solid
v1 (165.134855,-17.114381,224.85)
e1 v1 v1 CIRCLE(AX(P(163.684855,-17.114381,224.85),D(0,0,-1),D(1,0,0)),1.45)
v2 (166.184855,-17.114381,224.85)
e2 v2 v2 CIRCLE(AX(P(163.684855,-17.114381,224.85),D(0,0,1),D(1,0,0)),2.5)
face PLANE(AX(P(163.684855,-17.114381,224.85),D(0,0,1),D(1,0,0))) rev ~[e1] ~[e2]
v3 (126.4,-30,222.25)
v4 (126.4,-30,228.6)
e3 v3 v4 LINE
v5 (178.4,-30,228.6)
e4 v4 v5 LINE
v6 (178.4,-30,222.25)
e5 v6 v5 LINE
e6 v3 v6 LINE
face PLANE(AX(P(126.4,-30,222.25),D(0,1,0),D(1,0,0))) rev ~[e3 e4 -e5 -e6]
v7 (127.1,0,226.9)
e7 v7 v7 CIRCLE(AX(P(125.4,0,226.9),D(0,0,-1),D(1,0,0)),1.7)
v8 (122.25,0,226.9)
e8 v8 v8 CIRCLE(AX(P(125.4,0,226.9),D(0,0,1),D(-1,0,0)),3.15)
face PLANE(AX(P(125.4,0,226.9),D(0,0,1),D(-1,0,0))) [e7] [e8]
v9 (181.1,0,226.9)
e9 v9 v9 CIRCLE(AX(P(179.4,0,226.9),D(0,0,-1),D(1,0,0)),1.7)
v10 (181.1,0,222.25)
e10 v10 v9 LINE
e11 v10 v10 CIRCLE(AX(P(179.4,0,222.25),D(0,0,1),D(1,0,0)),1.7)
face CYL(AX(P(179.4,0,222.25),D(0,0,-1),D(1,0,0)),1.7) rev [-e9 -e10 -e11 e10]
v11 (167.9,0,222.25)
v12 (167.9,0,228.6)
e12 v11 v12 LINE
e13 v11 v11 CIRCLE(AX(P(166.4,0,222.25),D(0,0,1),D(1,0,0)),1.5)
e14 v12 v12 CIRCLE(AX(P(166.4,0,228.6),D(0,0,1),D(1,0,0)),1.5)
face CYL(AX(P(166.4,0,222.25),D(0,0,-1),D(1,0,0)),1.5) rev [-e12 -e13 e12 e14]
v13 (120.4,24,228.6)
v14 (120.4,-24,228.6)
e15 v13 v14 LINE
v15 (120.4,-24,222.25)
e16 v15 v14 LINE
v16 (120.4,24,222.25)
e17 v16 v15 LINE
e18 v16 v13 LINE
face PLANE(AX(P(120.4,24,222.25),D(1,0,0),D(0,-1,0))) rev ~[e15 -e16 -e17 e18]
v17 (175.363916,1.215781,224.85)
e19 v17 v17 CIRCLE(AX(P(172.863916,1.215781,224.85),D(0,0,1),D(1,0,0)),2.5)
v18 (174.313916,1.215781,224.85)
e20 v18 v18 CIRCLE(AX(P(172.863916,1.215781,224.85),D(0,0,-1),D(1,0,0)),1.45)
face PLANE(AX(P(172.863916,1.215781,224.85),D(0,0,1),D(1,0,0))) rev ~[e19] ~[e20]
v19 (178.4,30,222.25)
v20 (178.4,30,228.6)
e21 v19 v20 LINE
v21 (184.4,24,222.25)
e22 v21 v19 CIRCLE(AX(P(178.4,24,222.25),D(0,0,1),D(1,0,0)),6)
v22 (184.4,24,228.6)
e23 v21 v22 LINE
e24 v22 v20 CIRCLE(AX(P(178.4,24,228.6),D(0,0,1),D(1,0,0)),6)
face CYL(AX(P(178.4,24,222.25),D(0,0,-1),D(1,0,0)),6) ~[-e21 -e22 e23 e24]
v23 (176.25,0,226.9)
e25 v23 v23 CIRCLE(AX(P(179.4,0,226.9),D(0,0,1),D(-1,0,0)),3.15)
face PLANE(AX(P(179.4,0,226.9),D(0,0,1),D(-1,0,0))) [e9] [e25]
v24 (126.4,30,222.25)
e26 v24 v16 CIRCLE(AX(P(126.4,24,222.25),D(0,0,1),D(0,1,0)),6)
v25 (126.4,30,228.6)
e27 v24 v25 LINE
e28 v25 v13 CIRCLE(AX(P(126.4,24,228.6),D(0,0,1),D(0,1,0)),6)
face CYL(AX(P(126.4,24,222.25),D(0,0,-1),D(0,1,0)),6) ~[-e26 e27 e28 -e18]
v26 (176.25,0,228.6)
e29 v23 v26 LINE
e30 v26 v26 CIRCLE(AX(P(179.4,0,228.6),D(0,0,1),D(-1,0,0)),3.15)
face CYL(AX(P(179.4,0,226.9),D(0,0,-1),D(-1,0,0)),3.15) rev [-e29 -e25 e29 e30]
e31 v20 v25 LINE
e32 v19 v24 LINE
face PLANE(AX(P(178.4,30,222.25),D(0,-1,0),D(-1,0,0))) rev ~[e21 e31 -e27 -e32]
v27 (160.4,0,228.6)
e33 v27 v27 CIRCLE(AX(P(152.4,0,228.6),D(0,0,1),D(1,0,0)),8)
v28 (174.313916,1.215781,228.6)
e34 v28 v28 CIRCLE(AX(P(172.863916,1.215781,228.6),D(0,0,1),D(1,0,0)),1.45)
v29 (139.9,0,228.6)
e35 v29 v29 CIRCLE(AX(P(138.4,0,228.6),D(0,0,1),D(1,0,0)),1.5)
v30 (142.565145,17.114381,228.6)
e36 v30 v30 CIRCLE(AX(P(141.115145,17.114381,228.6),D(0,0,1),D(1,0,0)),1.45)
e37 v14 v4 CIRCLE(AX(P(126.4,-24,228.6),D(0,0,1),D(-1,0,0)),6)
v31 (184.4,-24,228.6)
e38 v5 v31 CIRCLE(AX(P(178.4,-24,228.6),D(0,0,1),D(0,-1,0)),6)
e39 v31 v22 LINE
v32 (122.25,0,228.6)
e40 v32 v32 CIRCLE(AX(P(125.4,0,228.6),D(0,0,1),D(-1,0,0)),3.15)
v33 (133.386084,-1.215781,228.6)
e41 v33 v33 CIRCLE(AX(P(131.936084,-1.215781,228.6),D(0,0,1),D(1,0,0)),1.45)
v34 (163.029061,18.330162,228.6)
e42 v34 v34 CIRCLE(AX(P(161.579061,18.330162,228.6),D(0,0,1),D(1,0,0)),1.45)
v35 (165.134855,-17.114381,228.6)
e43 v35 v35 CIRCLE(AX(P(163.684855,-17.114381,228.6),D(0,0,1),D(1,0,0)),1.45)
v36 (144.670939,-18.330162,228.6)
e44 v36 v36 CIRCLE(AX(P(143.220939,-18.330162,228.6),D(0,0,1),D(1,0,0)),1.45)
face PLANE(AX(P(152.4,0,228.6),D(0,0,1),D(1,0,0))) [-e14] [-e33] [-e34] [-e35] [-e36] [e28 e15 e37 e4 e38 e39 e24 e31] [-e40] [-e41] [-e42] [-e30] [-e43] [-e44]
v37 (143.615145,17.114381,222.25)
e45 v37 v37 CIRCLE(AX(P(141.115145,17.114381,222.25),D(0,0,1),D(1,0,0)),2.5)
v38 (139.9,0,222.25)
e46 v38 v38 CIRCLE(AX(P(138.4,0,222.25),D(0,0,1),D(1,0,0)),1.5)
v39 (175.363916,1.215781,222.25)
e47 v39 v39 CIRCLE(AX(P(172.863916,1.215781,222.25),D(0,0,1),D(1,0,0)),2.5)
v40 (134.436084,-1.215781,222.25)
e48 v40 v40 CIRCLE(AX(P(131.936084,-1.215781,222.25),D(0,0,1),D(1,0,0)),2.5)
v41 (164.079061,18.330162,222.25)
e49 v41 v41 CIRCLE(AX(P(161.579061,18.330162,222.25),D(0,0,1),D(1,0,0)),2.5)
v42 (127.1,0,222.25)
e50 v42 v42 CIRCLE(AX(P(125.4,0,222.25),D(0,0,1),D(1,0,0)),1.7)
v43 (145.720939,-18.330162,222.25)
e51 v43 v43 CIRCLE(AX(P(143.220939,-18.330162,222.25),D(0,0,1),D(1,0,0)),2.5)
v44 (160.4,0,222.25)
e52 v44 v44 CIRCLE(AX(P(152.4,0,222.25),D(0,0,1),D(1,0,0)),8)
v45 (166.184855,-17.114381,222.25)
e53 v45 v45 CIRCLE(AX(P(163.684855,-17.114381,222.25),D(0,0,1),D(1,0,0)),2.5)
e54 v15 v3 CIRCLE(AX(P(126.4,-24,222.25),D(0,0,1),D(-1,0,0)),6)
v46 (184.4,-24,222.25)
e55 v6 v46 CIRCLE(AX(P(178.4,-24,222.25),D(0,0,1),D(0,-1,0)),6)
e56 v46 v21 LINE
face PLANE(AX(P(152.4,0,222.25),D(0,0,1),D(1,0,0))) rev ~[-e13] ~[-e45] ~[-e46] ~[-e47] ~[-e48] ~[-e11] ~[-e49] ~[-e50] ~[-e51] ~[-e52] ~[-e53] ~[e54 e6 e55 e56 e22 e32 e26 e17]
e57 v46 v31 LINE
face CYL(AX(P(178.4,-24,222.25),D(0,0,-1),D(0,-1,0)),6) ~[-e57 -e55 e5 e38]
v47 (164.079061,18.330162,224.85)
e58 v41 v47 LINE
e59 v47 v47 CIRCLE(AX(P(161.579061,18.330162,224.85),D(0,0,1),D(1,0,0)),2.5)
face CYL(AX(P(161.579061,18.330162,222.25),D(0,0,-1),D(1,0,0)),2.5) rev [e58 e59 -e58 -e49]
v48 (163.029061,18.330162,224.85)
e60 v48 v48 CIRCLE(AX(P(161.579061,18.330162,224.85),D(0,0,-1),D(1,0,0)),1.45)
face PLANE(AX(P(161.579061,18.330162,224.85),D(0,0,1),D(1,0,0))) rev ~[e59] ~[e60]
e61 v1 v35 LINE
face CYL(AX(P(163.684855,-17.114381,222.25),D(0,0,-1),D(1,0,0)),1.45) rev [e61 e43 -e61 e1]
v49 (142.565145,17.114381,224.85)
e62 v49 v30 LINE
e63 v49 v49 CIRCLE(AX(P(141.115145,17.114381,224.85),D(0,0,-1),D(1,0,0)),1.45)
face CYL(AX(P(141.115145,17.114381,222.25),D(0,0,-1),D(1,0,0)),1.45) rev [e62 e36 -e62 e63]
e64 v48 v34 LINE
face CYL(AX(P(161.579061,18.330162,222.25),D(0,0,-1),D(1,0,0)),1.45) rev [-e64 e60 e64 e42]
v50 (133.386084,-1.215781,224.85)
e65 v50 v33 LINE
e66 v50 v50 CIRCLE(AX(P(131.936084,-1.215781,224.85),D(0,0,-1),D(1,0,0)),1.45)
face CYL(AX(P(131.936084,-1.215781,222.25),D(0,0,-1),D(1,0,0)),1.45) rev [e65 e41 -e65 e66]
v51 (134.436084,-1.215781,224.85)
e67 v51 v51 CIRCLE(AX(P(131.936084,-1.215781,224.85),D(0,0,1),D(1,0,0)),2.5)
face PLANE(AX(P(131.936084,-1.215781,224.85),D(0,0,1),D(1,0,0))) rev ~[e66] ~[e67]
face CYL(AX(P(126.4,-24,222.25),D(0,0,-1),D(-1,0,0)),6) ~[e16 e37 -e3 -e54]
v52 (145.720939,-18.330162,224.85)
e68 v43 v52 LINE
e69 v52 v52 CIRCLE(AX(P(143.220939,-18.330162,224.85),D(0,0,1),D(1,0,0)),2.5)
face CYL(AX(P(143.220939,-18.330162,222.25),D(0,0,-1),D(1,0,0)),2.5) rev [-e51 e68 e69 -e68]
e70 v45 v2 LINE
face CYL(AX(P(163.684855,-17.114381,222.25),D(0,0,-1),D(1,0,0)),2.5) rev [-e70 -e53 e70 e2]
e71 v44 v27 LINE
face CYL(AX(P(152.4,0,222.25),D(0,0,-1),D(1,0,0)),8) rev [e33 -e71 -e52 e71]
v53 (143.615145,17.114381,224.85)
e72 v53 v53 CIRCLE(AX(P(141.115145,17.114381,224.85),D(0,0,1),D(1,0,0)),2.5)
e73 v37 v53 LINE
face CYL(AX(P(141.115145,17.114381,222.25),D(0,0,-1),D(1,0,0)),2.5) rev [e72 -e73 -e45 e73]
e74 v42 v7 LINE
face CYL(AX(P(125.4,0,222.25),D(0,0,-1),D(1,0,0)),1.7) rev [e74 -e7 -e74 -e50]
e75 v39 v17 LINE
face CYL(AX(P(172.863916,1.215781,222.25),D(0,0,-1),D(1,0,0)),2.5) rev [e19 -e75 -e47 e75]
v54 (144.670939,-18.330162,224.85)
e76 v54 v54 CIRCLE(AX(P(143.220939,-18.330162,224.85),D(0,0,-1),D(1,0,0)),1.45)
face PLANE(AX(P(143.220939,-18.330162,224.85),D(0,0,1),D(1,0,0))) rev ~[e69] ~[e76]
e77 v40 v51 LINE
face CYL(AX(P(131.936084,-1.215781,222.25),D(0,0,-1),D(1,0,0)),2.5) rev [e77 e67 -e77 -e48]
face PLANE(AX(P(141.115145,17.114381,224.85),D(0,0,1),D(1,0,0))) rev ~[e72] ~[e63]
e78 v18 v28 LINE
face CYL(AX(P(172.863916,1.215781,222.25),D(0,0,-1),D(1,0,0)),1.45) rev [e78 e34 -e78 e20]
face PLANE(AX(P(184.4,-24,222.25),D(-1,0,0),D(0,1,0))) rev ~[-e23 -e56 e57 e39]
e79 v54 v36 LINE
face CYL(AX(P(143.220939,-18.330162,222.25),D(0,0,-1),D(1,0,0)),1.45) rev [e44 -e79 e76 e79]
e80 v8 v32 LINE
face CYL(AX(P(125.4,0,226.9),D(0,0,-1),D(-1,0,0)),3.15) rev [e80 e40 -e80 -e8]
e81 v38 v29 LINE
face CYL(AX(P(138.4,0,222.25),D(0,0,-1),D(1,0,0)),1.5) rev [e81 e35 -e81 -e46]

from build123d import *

# Parameters (mm, degrees)
REPISA_M4_START                       = 222.25
REPISA_M4_DEPTH                       = 6.35
BARRENOS_M4_TORNILLOS_PASADORES_START = 222.25
CROQUIS2_R                            = 1.45
CROQUIS2_R_2                          = 8
CROQUIS2_R_3                          = 1.7
CROQUIS2_R_4                          = 1.5
BARRENOS_M4_TORNILLOS_PASADORES_DEPTH = 6.35
REFRENTADO_M2_5_START                 = 222.25
CROQUIS3_R                            = 2.5
REFRENTADO_M2_5_DEPTH                 = 2.6
AVELLANADO_M3_START                   = 226.9
CROQUIS4_R                            = 3.15
AVELLANADO_M3_DEPTH                   = 1.7


with BuildPart() as part:
    # Croquis1 → Repisa_M4 (new body)
    with BuildSketch(Plane.XY.offset(REPISA_M4_START)):
        with BuildLine():
            Line((126.4, -30), (178.4, -30))
            ThreePointArc((178.4, -30), (182.642640687, -28.242640687), (184.4, -24))
            Line((184.4, -24), (184.4, 24))
            ThreePointArc((184.4, 24), (182.642640687, 28.242640687), (178.4, 30))
            Line((178.4, 30), (126.4, 30))
            ThreePointArc((126.4, 30), (122.157359313, 28.242640687), (120.4, 24))
            Line((120.4, 24), (120.4, -24))
            ThreePointArc((120.4, -24), (122.157359313, -28.242640687), (126.4, -30))
        make_face()
    extrude(amount=REPISA_M4_DEPTH)

    # Croquis2 → Barrenos_M4_tornillos_pasadores (cut)
    with BuildSketch(Plane.XY.offset(BARRENOS_M4_TORNILLOS_PASADORES_START)):
        with Locations((172.863916472, 1.215780658)):
            Circle(CROQUIS2_R)
        with Locations((161.579061301, 18.330161855)):
            Circle(CROQUIS2_R)
        with Locations((141.115144828, 17.114381197)):
            Circle(CROQUIS2_R)
        with Locations((131.936083528, -1.215780658)):
            Circle(CROQUIS2_R)
        with Locations((143.220938699, -18.330161855)):
            Circle(CROQUIS2_R)
        with Locations((163.684855172, -17.114381197)):
            Circle(CROQUIS2_R)
        with Locations((152.4, 0)):
            Circle(CROQUIS2_R_2)
        with Locations((125.4, 0)):
            Circle(CROQUIS2_R_3)
        with Locations((179.4, 0)):
            Circle(CROQUIS2_R_3)
        with Locations((138.4, 0)):
            Circle(CROQUIS2_R_4)
        with Locations((166.4, 0)):
            Circle(CROQUIS2_R_4)
    extrude(amount=BARRENOS_M4_TORNILLOS_PASADORES_DEPTH, mode=Mode.SUBTRACT)

    # Croquis3 → Refrentado_M2-5 (cut)
    with BuildSketch(Plane.XY.offset(REFRENTADO_M2_5_START)):
        with Locations((172.863916472, 1.215780658)):
            Circle(CROQUIS3_R)
        with Locations((161.579061301, 18.330161855)):
            Circle(CROQUIS3_R)
        with Locations((141.115144828, 17.114381197)):
            Circle(CROQUIS3_R)
        with Locations((131.936083528, -1.215780658)):
            Circle(CROQUIS3_R)
        with Locations((143.220938699, -18.330161855)):
            Circle(CROQUIS3_R)
        with Locations((163.684855172, -17.114381197)):
            Circle(CROQUIS3_R)
    extrude(amount=REFRENTADO_M2_5_DEPTH, mode=Mode.SUBTRACT)

    # Croquis4 → Avellanado_M3 (cut)
    with BuildSketch(Plane.XY.offset(AVELLANADO_M3_START)):
        with Locations(Location((125.4, 0, 0), (0, 0, 180))):
            Circle(CROQUIS4_R)
        with Locations(Location((179.4, 0, 0), (0, 0, 180))):
            Circle(CROQUIS4_R)
    extrude(amount=AVELLANADO_M3_DEPTH, mode=Mode.SUBTRACT)


solid = part.part
